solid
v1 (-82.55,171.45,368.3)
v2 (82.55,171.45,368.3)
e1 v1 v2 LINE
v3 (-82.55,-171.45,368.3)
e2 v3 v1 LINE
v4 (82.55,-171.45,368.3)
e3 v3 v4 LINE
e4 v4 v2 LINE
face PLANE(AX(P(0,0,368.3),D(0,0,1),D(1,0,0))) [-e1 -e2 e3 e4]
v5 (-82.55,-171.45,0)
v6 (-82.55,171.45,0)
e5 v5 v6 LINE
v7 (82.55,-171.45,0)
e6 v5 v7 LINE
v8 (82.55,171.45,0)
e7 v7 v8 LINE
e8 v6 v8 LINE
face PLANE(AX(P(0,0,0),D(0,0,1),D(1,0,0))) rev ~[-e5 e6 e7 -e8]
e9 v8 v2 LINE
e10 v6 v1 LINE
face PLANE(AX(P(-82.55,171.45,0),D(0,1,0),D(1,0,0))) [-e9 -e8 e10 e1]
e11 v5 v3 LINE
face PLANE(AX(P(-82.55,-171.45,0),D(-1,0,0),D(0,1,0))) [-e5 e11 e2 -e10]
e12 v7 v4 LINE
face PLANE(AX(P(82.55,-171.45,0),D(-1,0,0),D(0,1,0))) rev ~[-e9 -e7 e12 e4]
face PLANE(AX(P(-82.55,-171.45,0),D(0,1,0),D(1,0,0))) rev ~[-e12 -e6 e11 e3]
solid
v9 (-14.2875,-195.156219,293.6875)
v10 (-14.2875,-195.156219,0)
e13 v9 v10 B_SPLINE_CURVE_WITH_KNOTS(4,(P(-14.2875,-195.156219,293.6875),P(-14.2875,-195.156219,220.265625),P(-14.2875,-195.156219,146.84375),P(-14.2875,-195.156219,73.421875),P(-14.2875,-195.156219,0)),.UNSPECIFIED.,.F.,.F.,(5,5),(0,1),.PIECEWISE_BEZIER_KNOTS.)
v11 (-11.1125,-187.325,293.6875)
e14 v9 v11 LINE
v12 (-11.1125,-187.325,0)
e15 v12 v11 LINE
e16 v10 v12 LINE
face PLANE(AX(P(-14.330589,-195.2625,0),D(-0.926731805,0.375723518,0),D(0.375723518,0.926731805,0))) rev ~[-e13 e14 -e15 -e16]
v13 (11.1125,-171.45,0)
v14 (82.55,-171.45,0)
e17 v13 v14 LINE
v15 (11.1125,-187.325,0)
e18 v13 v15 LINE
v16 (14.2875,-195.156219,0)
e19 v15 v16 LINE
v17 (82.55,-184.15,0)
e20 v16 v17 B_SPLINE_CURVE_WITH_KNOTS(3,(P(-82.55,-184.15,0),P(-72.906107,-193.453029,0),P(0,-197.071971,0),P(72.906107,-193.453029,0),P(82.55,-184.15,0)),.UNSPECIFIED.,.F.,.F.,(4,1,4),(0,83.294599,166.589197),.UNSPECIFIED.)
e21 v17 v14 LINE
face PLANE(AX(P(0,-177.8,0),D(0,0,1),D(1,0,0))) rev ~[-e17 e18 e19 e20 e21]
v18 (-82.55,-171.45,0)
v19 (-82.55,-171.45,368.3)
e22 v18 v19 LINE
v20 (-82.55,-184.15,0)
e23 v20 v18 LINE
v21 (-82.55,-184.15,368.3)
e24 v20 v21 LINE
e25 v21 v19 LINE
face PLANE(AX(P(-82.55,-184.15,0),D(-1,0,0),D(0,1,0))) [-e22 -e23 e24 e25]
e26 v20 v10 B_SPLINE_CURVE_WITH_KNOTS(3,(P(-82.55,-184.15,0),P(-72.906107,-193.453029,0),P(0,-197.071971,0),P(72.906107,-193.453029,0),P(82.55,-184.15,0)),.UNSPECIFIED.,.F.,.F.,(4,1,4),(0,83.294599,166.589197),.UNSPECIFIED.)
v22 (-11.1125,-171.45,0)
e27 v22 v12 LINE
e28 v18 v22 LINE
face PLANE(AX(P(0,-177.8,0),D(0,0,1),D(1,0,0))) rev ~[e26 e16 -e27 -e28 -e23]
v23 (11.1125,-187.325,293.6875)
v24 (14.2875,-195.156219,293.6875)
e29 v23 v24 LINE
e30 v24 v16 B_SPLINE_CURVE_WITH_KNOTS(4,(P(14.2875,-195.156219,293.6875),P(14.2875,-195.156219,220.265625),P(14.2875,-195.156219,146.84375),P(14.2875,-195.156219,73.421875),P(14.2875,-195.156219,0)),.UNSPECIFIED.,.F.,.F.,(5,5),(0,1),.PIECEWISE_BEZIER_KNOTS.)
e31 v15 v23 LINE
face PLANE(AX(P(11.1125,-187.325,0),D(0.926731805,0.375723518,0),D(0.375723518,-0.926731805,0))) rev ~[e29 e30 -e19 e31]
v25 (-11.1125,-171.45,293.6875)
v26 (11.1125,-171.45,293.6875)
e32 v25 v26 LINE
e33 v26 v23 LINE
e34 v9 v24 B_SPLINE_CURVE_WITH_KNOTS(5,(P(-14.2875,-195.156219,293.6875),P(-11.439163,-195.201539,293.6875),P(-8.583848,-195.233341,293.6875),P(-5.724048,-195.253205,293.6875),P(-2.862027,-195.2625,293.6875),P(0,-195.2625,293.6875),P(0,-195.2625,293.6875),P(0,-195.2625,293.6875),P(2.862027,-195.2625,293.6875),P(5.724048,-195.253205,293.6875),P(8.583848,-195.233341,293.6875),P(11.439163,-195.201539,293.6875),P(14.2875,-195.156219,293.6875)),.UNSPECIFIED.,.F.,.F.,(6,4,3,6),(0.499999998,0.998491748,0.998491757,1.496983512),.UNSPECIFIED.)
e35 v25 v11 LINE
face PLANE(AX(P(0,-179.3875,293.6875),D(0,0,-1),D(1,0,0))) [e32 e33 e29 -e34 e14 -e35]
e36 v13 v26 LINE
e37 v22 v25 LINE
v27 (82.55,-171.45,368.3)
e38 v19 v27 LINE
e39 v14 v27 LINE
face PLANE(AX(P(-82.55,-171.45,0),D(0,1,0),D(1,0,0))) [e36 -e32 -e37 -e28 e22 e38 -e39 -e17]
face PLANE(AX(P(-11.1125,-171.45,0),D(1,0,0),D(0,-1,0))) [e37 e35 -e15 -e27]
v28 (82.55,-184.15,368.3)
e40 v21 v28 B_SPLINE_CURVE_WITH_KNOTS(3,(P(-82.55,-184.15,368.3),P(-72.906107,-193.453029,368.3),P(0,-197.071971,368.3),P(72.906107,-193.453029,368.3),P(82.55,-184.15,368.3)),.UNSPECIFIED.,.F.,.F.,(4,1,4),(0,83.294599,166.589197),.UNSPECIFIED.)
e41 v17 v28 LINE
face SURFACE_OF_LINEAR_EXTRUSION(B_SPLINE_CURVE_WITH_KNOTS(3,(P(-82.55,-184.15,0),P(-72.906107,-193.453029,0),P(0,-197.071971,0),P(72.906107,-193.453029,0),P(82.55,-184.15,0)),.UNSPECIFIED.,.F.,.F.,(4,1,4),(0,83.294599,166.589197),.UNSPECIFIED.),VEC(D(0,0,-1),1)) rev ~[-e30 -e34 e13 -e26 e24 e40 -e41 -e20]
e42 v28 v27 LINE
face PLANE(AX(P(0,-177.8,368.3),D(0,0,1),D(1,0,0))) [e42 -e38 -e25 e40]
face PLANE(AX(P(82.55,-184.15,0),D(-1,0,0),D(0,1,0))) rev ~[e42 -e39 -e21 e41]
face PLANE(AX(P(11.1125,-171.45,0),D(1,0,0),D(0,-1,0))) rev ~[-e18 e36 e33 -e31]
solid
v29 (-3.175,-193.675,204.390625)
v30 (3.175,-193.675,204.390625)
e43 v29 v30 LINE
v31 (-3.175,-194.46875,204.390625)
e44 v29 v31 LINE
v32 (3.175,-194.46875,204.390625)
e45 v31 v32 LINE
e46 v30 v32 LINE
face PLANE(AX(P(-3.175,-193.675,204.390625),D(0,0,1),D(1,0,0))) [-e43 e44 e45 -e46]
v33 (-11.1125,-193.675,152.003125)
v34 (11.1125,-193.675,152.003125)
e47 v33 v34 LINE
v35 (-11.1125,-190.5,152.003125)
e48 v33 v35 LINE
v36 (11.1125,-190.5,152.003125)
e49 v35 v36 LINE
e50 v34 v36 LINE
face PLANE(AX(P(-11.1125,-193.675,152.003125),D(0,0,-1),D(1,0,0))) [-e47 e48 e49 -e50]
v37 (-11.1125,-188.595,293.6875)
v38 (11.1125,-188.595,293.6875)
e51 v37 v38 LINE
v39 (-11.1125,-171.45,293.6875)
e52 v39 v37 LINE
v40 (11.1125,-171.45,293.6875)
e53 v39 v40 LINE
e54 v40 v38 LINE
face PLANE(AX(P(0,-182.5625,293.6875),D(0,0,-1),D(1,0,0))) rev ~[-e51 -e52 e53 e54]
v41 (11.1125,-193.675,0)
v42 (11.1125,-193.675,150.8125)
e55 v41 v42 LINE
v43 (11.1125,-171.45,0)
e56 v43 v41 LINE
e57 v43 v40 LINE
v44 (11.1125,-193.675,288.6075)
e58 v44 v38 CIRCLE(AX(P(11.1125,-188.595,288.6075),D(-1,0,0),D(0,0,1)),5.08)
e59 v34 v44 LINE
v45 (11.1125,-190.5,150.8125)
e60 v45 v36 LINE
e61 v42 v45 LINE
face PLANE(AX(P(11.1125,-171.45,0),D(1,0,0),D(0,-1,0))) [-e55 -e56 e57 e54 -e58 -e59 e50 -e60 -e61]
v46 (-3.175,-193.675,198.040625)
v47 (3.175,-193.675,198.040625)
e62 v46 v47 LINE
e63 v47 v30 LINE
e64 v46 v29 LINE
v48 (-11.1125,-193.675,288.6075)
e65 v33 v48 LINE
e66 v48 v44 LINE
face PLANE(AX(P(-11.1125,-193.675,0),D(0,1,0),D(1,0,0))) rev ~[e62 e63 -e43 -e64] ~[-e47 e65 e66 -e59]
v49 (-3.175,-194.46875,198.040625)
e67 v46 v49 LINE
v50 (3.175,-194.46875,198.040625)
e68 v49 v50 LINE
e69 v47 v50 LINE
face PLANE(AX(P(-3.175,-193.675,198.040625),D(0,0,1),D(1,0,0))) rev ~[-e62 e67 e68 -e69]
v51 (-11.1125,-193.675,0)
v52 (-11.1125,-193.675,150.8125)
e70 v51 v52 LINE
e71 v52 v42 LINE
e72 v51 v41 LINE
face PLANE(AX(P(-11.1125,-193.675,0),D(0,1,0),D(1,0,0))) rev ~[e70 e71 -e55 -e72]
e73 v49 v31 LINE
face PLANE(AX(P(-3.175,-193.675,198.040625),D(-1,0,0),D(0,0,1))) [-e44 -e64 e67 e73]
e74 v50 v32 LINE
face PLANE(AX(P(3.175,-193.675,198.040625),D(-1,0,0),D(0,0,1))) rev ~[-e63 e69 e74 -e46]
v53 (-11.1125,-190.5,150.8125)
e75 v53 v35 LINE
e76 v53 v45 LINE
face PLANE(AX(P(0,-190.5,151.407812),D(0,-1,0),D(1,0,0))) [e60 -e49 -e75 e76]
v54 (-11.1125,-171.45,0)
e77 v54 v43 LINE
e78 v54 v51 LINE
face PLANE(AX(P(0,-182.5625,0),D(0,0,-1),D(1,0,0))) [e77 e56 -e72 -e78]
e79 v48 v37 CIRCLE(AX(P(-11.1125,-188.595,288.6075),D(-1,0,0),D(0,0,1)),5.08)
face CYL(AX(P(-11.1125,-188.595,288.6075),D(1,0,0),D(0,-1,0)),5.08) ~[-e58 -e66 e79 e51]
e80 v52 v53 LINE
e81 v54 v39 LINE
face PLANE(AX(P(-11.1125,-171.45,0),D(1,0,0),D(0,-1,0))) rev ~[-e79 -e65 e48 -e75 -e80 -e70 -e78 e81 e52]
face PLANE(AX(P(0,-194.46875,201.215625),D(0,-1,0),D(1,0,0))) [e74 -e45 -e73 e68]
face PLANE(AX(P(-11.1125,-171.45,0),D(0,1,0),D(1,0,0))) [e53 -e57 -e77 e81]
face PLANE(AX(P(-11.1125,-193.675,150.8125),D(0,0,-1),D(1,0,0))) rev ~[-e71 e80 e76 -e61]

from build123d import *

# Parameters (mm, degrees)
F0_W      = 165.1
F0_H      = 342.9
F1_DEPTH  = 368.3
F2_W      = 165.1
F2_H      = 12.7
F3_DEPTH  = 368.3
F4_W      = 22.225
F4_H      = 15.875
F5_DEPTH  = 293.6875
F6_W      = 22.225
F6_H      = 22.225
F7_DEPTH  = 293.6875
F8_R      = 5.08
F9_W      = 22.225
F9_H      = 1.190625
F10_DEPTH = 3.175
F11_W     = 6.35
F11_H     = 6.35
F12_DEPTH = 0.79375


with BuildPart() as f1:
    # F0 (on Top) → F1 (new body)
    with BuildSketch(Plane.XY):
        Rectangle(F0_W, F0_H)
    extrude(amount=F1_DEPTH)


with BuildPart() as f3:
    # F2 (on Top) → F3 (new body, through all)
    with BuildSketch(Plane.XY):
        with Locations((0, -177.8)):
            Rectangle(F2_W, F2_H)
        with BuildLine():
            Line((82.55, -184.15), (-82.55, -184.15))
            add(Edge.make_bspline(
                [(-82.55, -184.15), (-72.906107, -193.453029), (0, -197.071971), (72.906107, -193.453029), (82.55, -184.15)],
                knots=[0, 0, 0, 0, 83.294599, 166.589197, 166.589197, 166.589197, 166.589197], degree=3))
        make_face()
    extrude(amount=F3_DEPTH)

    # F4 (on face) → F5 (cut)
    with BuildSketch(Plane(origin=(0, 0, 0), x_dir=(1, 0, 0), z_dir=(0, 0, -1))):
        with Locations((0, 179.3875)):
            Rectangle(F4_W, F4_H)
        Polygon((-14.330589, 195.2625), (-11.1125, 187.325), (11.1125, 187.325), (14.330589, 195.2625), align=None)
    extrude(amount=-F5_DEPTH, mode=Mode.SUBTRACT)


with BuildPart() as f7:
    # F6 (on face) → F7 (new body, through all)
    with BuildSketch(Plane(origin=(0, 0, 0), x_dir=(1, 0, 0), z_dir=(0, 0, -1))):
        with Locations((0, 182.5625)):
            Rectangle(F6_W, F6_H)
    extrude(amount=-F7_DEPTH)

    # F8
    f8_edges = [f7.edges().sort_by_distance(p)[0] for p in [
        (0, -193.675, 293.6875),
    ]]
    fillet(f8_edges, radius=F8_R)

    # F9 (on face) → F10 (cut)
    with BuildSketch(Plane.XZ.offset(193.675)):
        with Locations((0, 151.407812)):
            Rectangle(F9_W, F9_H)
    extrude(amount=-F10_DEPTH, mode=Mode.SUBTRACT)

    # F11 (on face) → F12 (join)
    with BuildSketch(Plane.XZ.offset(193.675)):
        with Locations((0, 201.215625)):
            Rectangle(F11_W, F11_H)
    extrude(amount=F12_DEPTH)


solid = Compound([f1.part, f3.part, f7.part])
